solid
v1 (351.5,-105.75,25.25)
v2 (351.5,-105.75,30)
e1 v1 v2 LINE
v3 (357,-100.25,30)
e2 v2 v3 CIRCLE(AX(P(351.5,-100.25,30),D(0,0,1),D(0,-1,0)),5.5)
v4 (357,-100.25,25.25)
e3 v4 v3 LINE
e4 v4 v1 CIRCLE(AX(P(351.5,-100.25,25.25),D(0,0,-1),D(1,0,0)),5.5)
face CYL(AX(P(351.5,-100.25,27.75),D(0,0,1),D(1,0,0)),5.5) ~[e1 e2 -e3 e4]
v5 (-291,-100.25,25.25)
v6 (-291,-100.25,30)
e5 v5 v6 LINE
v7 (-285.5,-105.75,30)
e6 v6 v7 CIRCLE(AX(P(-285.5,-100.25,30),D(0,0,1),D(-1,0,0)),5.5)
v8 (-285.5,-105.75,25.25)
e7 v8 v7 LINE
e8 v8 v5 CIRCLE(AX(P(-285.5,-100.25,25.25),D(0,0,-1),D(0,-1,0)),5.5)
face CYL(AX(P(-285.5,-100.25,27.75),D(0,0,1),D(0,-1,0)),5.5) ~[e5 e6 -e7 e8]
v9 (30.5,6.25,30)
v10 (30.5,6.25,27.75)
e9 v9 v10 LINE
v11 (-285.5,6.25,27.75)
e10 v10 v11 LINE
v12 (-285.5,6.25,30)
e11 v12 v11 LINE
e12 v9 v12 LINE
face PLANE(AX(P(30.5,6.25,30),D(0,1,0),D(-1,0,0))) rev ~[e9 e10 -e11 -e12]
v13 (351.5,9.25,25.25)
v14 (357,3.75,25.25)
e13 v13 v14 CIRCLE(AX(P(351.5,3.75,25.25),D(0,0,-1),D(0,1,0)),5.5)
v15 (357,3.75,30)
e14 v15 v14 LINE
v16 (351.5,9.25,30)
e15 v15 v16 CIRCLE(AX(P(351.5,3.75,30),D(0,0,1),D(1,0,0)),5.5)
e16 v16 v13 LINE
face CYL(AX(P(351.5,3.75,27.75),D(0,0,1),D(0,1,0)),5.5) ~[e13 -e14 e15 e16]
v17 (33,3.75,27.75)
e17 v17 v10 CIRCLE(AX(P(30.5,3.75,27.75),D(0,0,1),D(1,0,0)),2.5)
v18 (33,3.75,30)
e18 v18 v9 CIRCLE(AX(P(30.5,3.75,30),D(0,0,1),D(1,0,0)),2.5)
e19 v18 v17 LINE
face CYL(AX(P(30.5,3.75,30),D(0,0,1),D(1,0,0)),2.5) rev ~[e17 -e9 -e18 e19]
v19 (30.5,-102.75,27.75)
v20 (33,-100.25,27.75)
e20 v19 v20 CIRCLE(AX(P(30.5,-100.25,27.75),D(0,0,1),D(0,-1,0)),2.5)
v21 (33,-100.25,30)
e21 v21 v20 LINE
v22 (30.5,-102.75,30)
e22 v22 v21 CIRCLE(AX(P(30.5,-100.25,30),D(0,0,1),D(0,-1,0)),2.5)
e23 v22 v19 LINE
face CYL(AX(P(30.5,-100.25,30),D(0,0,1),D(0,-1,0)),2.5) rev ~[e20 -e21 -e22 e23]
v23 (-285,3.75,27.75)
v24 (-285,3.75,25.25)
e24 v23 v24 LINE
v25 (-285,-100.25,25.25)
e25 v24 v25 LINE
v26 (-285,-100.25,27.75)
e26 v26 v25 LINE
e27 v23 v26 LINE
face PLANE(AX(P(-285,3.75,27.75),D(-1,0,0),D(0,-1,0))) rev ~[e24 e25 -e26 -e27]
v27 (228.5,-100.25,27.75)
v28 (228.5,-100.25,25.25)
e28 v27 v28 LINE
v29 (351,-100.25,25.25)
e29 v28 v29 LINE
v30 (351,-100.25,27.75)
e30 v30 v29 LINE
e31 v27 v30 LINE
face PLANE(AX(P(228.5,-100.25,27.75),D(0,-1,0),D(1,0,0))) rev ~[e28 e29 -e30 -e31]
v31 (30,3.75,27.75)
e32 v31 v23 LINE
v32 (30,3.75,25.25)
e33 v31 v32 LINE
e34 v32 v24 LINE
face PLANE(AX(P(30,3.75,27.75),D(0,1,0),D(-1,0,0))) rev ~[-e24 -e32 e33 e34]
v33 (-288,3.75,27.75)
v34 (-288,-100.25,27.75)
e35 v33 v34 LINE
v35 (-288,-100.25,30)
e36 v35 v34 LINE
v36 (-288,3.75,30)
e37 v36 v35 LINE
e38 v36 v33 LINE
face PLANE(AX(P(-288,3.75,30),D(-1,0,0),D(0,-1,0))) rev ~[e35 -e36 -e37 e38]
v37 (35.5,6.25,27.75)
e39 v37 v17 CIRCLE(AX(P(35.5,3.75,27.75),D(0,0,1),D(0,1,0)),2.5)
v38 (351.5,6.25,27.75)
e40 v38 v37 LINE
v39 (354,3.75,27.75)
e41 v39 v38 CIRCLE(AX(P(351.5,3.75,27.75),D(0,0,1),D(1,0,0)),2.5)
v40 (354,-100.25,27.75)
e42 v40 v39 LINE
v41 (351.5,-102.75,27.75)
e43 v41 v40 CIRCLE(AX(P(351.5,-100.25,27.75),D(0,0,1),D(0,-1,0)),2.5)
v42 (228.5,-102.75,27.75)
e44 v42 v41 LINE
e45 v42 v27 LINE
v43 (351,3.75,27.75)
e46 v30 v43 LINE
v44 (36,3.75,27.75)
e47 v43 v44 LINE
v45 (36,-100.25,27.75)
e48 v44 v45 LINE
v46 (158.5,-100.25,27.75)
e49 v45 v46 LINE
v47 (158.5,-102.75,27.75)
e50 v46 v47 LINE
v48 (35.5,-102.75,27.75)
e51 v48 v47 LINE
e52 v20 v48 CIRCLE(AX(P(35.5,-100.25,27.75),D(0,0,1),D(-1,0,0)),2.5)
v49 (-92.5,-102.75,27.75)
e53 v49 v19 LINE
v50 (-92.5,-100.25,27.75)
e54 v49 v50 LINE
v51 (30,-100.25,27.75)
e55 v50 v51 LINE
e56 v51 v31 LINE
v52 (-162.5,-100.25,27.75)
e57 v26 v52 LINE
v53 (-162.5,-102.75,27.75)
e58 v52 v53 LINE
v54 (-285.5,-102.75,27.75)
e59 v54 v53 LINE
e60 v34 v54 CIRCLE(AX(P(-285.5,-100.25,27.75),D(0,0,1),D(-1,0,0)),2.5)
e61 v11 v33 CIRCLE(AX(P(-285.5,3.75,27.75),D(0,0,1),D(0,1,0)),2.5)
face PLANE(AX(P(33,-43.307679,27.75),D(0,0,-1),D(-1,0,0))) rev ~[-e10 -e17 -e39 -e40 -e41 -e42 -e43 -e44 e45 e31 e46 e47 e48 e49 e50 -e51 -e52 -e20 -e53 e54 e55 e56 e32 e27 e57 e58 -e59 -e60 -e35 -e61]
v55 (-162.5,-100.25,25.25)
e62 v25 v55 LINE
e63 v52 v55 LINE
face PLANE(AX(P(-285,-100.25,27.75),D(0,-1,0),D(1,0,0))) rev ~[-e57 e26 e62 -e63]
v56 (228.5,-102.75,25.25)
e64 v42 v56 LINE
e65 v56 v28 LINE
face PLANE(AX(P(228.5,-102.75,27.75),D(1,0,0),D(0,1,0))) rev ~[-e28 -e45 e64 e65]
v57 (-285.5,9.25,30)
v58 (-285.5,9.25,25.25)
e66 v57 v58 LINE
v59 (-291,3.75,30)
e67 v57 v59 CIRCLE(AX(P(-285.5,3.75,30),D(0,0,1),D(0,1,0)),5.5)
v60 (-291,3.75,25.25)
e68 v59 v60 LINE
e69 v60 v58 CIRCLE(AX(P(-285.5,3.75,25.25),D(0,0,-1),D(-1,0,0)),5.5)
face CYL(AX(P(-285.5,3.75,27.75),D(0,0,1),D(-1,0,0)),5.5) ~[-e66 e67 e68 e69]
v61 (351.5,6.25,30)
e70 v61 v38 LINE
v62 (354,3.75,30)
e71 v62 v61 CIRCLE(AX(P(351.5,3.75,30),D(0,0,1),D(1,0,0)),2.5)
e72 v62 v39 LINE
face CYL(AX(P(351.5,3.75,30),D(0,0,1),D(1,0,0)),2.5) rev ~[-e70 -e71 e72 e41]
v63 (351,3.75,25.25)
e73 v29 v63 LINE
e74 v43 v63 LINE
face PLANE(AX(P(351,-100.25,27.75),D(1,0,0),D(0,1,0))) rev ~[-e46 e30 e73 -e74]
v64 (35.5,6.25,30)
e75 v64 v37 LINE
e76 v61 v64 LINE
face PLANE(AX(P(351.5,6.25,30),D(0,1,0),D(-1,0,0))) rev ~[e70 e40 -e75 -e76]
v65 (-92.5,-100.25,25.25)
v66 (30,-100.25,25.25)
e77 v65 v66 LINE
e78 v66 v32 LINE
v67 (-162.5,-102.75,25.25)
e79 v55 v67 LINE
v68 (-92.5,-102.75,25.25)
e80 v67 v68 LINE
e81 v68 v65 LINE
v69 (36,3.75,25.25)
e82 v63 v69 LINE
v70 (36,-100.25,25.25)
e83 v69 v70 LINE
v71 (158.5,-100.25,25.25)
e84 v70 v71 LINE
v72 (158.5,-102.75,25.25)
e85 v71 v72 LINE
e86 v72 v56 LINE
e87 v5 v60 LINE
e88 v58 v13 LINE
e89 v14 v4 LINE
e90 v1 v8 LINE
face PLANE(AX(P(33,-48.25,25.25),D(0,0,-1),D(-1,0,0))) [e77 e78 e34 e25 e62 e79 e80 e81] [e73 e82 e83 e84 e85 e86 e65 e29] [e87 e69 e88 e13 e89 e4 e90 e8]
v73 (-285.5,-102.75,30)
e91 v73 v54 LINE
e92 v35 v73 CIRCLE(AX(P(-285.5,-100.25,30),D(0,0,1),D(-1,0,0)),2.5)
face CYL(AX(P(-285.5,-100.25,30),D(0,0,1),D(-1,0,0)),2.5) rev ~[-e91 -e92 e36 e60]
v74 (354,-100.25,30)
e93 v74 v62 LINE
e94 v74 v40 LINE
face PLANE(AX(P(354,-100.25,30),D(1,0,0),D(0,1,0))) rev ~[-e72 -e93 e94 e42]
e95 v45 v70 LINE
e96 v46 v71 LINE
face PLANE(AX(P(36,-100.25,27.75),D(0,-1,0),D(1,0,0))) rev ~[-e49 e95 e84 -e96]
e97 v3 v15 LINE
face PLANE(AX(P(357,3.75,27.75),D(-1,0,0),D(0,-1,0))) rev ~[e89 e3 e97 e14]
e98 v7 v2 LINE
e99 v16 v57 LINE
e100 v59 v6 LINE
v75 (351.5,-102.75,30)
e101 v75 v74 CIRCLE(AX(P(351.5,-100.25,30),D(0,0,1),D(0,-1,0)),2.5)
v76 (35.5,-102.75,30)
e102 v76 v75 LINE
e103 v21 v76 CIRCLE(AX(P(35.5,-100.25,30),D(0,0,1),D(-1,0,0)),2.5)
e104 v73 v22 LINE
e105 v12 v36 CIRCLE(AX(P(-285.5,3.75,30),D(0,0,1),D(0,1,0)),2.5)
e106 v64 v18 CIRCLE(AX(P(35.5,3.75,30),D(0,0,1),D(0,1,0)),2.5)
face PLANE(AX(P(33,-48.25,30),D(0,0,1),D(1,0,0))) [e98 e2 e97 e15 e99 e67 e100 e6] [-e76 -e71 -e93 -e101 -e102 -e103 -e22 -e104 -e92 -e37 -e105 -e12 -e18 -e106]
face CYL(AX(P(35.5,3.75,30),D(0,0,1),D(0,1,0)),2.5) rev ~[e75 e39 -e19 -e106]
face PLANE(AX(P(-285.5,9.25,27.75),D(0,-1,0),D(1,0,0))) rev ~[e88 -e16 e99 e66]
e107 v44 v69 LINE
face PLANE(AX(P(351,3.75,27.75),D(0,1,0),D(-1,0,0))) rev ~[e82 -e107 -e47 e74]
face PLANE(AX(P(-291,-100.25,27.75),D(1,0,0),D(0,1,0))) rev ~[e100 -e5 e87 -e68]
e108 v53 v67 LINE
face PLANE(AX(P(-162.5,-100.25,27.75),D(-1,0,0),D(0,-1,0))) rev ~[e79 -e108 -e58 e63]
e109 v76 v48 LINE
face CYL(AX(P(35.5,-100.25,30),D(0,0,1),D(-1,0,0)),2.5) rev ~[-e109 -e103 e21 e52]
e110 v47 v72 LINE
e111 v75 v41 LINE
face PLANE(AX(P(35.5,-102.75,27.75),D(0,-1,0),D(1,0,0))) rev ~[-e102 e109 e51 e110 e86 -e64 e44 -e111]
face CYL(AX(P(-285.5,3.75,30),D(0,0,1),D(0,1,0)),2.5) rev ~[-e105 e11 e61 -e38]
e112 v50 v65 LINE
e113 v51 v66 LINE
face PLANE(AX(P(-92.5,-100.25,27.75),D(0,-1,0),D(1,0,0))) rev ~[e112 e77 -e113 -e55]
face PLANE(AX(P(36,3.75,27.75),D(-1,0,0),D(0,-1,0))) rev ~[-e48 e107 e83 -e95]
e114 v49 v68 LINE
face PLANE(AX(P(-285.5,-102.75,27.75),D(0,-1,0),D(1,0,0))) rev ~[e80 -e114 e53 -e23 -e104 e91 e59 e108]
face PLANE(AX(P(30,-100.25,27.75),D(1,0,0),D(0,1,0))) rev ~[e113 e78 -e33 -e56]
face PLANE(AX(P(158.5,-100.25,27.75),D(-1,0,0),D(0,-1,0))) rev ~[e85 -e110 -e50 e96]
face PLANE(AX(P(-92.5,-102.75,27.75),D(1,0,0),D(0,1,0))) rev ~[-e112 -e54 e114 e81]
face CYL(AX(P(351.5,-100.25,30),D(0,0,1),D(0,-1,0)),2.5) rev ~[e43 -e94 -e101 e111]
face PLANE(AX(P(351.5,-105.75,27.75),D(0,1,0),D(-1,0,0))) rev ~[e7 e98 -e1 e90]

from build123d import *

# Parameters (mm, degrees)
BOSS_EXTRUDE1_DEPTH = 2.25
BOSS_EXTRUDE2_DEPTH = 2.5


with BuildPart() as part:
    # Sketch1 → Boss-Extrude1 (new body)
    with BuildSketch(Plane.XY.offset(30)):
        with BuildLine():
            Line((-291, 3.75), (-291, -100.25))
            ThreePointArc((-291, -100.25), (-289.389087297, -104.139087297), (-285.5, -105.75))
            Line((-285.5, -105.75), (30.5, -105.75))
            Line((30.5, -105.75), (35.5, -105.75))
            Line((35.5, -105.75), (351.5, -105.75))
            ThreePointArc((351.5, -105.75), (355.389087297, -104.139087297), (357, -100.25))
            Line((357, -100.25), (357, 3.75))
            ThreePointArc((357, 3.75), (355.389087297, 7.639087297), (351.5, 9.25))
            Line((351.5, 9.25), (35.5, 9.25))
            Line((35.5, 9.25), (30.5, 9.25))
            Line((30.5, 9.25), (-285.5, 9.25))
            ThreePointArc((-285.5, 9.25), (-289.389087297, 7.639087297), (-291, 3.75))
        make_face()
        with BuildLine():
            Line((30.5, 6.25), (-285.5, 6.25))
            ThreePointArc((-285.5, 6.25), (-287.267766953, 5.517766953), (-288, 3.75))
            Line((-288, 3.75), (-288, -100.25))
            ThreePointArc((-288, -100.25), (-287.267766953, -102.017766953), (-285.5, -102.75))
            Line((-285.5, -102.75), (30.5, -102.75))
            ThreePointArc((30.5, -102.75), (32.267766953, -102.017766953), (33, -100.25))
            ThreePointArc((33, -100.25), (33.732233047, -102.017766953), (35.5, -102.75))
            Line((35.5, -102.75), (351.5, -102.75))
            ThreePointArc((351.5, -102.75), (353.267766953, -102.017766953), (354, -100.25))
            Line((354, -100.25), (354, 3.75))
            ThreePointArc((354, 3.75), (353.267766953, 5.517766953), (351.5, 6.25))
            Line((351.5, 6.25), (35.5, 6.25))
            ThreePointArc((35.5, 6.25), (33.732233047, 5.517766953), (33, 3.75))
            ThreePointArc((33, 3.75), (32.267766953, 5.517766953), (30.5, 6.25))
        make_face(mode=Mode.SUBTRACT)
    extrude(amount=-BOSS_EXTRUDE1_DEPTH)

    # Sketch2 → Boss-Extrude2 (add)
    # profile 1 of 2: a face of its own
    with BuildSketch(Plane(origin=(0, 0, 27.75), x_dir=(-1, 0, 0), z_dir=(0, 0, -1))):
        with BuildLine():
            Line((291, -100.25), (291, 3.75))
            ThreePointArc((291, 3.75), (289.389087297, 7.639087297), (285.5, 9.25))
            Line((285.5, 9.25), (-351.5, 9.25))
            ThreePointArc((-351.5, 9.25), (-355.389087297, 7.639087297), (-357, 3.75))
            Line((-357, 3.75), (-357, -100.25))
            ThreePointArc((-357, -100.25), (-355.389087297, -104.139087297), (-351.5, -105.75))
            Line((-351.5, -105.75), (285.5, -105.75))
            ThreePointArc((285.5, -105.75), (289.389087297, -104.139087297), (291, -100.25))
        make_face()
        with BuildLine():
            ThreePointArc((288, -100.25), (287.267766953, -102.017766953), (285.5, -102.75))
            Line((285.5, -102.75), (-30.5, -102.75))
            ThreePointArc((-30.5, -102.75), (-32.267766953, -102.017766953), (-33, -100.25))
            ThreePointArc((-33, -100.25), (-33.732233047, -102.017766953), (-35.5, -102.75))
            Line((-35.5, -102.75), (-351.5, -102.75))
            ThreePointArc((-351.5, -102.75), (-353.267766953, -102.017766953), (-354, -100.25))
            Line((-354, -100.25), (-354, 3.75))
            ThreePointArc((-354, 3.75), (-353.267766953, 5.517766953), (-351.5, 6.25))
            Line((-351.5, 6.25), (-35.5, 6.25))
            ThreePointArc((-35.5, 6.25), (-33.732233047, 5.517766953), (-33, 3.75))
            ThreePointArc((-33, 3.75), (-32.267766953, 5.517766953), (-30.5, 6.25))
            Line((-30.5, 6.25), (285.5, 6.25))
            ThreePointArc((285.5, 6.25), (287.267766953, 5.517766953), (288, 3.75))
            Line((288, 3.75), (288, -100.25))
        make_face(mode=Mode.SUBTRACT)
    # profile 2 of 2: a face of its own
    with BuildSketch(Plane(origin=(0, 0, 27.75), x_dir=(-1, 0, 0), z_dir=(0, 0, -1))):
        with BuildLine():
            Line((-351, 3.75), (-36, 3.75))
            Line((-36, 3.75), (-36, -100.25))
            Line((-36, -100.25), (-158.5, -100.25))
            Line((-158.5, -100.25), (-158.5, -102.75))
            Line((-158.5, -102.75), (-35.5, -102.75))
            ThreePointArc((-35.5, -102.75), (-33.732233047, -102.017766953), (-33, -100.25))
            ThreePointArc((-33, -100.25), (-32.267766953, -102.017766953), (-30.5, -102.75))
            Line((-30.5, -102.75), (92.5, -102.75))
            Line((92.5, -102.75), (92.5, -100.25))
            Line((92.5, -100.25), (-30, -100.25))
            Line((-30, -100.25), (-30, 3.75))
            Line((-30, 3.75), (285, 3.75))
            Line((285, 3.75), (285, -100.25))
            Line((285, -100.25), (162.5, -100.25))
            Line((162.5, -100.25), (162.5, -102.75))
            Line((162.5, -102.75), (285.5, -102.75))
            ThreePointArc((285.5, -102.75), (287.267766953, -102.017766953), (288, -100.25))
            Line((288, -100.25), (288, 3.75))
            ThreePointArc((288, 3.75), (287.267766953, 5.517766953), (285.5, 6.25))
            Line((285.5, 6.25), (-30.5, 6.25))
            ThreePointArc((-30.5, 6.25), (-32.267766953, 5.517766953), (-33, 3.75))
            ThreePointArc((-33, 3.75), (-33.732233047, 5.517766953), (-35.5, 6.25))
            Line((-35.5, 6.25), (-351.5, 6.25))
            ThreePointArc((-351.5, 6.25), (-353.267766953, 5.517766953), (-354, 3.75))
            Line((-354, 3.75), (-354, -100.25))
            ThreePointArc((-354, -100.25), (-353.267766953, -102.017766953), (-351.5, -102.75))
            Line((-351.5, -102.75), (-228.5, -102.75))
            Line((-228.5, -102.75), (-228.5, -100.25))
            Line((-228.5, -100.25), (-351, -100.25))
            Line((-351, -100.25), (-351, 3.75))
        make_face()
    extrude(amount=BOSS_EXTRUDE2_DEPTH)


solid = part.part
